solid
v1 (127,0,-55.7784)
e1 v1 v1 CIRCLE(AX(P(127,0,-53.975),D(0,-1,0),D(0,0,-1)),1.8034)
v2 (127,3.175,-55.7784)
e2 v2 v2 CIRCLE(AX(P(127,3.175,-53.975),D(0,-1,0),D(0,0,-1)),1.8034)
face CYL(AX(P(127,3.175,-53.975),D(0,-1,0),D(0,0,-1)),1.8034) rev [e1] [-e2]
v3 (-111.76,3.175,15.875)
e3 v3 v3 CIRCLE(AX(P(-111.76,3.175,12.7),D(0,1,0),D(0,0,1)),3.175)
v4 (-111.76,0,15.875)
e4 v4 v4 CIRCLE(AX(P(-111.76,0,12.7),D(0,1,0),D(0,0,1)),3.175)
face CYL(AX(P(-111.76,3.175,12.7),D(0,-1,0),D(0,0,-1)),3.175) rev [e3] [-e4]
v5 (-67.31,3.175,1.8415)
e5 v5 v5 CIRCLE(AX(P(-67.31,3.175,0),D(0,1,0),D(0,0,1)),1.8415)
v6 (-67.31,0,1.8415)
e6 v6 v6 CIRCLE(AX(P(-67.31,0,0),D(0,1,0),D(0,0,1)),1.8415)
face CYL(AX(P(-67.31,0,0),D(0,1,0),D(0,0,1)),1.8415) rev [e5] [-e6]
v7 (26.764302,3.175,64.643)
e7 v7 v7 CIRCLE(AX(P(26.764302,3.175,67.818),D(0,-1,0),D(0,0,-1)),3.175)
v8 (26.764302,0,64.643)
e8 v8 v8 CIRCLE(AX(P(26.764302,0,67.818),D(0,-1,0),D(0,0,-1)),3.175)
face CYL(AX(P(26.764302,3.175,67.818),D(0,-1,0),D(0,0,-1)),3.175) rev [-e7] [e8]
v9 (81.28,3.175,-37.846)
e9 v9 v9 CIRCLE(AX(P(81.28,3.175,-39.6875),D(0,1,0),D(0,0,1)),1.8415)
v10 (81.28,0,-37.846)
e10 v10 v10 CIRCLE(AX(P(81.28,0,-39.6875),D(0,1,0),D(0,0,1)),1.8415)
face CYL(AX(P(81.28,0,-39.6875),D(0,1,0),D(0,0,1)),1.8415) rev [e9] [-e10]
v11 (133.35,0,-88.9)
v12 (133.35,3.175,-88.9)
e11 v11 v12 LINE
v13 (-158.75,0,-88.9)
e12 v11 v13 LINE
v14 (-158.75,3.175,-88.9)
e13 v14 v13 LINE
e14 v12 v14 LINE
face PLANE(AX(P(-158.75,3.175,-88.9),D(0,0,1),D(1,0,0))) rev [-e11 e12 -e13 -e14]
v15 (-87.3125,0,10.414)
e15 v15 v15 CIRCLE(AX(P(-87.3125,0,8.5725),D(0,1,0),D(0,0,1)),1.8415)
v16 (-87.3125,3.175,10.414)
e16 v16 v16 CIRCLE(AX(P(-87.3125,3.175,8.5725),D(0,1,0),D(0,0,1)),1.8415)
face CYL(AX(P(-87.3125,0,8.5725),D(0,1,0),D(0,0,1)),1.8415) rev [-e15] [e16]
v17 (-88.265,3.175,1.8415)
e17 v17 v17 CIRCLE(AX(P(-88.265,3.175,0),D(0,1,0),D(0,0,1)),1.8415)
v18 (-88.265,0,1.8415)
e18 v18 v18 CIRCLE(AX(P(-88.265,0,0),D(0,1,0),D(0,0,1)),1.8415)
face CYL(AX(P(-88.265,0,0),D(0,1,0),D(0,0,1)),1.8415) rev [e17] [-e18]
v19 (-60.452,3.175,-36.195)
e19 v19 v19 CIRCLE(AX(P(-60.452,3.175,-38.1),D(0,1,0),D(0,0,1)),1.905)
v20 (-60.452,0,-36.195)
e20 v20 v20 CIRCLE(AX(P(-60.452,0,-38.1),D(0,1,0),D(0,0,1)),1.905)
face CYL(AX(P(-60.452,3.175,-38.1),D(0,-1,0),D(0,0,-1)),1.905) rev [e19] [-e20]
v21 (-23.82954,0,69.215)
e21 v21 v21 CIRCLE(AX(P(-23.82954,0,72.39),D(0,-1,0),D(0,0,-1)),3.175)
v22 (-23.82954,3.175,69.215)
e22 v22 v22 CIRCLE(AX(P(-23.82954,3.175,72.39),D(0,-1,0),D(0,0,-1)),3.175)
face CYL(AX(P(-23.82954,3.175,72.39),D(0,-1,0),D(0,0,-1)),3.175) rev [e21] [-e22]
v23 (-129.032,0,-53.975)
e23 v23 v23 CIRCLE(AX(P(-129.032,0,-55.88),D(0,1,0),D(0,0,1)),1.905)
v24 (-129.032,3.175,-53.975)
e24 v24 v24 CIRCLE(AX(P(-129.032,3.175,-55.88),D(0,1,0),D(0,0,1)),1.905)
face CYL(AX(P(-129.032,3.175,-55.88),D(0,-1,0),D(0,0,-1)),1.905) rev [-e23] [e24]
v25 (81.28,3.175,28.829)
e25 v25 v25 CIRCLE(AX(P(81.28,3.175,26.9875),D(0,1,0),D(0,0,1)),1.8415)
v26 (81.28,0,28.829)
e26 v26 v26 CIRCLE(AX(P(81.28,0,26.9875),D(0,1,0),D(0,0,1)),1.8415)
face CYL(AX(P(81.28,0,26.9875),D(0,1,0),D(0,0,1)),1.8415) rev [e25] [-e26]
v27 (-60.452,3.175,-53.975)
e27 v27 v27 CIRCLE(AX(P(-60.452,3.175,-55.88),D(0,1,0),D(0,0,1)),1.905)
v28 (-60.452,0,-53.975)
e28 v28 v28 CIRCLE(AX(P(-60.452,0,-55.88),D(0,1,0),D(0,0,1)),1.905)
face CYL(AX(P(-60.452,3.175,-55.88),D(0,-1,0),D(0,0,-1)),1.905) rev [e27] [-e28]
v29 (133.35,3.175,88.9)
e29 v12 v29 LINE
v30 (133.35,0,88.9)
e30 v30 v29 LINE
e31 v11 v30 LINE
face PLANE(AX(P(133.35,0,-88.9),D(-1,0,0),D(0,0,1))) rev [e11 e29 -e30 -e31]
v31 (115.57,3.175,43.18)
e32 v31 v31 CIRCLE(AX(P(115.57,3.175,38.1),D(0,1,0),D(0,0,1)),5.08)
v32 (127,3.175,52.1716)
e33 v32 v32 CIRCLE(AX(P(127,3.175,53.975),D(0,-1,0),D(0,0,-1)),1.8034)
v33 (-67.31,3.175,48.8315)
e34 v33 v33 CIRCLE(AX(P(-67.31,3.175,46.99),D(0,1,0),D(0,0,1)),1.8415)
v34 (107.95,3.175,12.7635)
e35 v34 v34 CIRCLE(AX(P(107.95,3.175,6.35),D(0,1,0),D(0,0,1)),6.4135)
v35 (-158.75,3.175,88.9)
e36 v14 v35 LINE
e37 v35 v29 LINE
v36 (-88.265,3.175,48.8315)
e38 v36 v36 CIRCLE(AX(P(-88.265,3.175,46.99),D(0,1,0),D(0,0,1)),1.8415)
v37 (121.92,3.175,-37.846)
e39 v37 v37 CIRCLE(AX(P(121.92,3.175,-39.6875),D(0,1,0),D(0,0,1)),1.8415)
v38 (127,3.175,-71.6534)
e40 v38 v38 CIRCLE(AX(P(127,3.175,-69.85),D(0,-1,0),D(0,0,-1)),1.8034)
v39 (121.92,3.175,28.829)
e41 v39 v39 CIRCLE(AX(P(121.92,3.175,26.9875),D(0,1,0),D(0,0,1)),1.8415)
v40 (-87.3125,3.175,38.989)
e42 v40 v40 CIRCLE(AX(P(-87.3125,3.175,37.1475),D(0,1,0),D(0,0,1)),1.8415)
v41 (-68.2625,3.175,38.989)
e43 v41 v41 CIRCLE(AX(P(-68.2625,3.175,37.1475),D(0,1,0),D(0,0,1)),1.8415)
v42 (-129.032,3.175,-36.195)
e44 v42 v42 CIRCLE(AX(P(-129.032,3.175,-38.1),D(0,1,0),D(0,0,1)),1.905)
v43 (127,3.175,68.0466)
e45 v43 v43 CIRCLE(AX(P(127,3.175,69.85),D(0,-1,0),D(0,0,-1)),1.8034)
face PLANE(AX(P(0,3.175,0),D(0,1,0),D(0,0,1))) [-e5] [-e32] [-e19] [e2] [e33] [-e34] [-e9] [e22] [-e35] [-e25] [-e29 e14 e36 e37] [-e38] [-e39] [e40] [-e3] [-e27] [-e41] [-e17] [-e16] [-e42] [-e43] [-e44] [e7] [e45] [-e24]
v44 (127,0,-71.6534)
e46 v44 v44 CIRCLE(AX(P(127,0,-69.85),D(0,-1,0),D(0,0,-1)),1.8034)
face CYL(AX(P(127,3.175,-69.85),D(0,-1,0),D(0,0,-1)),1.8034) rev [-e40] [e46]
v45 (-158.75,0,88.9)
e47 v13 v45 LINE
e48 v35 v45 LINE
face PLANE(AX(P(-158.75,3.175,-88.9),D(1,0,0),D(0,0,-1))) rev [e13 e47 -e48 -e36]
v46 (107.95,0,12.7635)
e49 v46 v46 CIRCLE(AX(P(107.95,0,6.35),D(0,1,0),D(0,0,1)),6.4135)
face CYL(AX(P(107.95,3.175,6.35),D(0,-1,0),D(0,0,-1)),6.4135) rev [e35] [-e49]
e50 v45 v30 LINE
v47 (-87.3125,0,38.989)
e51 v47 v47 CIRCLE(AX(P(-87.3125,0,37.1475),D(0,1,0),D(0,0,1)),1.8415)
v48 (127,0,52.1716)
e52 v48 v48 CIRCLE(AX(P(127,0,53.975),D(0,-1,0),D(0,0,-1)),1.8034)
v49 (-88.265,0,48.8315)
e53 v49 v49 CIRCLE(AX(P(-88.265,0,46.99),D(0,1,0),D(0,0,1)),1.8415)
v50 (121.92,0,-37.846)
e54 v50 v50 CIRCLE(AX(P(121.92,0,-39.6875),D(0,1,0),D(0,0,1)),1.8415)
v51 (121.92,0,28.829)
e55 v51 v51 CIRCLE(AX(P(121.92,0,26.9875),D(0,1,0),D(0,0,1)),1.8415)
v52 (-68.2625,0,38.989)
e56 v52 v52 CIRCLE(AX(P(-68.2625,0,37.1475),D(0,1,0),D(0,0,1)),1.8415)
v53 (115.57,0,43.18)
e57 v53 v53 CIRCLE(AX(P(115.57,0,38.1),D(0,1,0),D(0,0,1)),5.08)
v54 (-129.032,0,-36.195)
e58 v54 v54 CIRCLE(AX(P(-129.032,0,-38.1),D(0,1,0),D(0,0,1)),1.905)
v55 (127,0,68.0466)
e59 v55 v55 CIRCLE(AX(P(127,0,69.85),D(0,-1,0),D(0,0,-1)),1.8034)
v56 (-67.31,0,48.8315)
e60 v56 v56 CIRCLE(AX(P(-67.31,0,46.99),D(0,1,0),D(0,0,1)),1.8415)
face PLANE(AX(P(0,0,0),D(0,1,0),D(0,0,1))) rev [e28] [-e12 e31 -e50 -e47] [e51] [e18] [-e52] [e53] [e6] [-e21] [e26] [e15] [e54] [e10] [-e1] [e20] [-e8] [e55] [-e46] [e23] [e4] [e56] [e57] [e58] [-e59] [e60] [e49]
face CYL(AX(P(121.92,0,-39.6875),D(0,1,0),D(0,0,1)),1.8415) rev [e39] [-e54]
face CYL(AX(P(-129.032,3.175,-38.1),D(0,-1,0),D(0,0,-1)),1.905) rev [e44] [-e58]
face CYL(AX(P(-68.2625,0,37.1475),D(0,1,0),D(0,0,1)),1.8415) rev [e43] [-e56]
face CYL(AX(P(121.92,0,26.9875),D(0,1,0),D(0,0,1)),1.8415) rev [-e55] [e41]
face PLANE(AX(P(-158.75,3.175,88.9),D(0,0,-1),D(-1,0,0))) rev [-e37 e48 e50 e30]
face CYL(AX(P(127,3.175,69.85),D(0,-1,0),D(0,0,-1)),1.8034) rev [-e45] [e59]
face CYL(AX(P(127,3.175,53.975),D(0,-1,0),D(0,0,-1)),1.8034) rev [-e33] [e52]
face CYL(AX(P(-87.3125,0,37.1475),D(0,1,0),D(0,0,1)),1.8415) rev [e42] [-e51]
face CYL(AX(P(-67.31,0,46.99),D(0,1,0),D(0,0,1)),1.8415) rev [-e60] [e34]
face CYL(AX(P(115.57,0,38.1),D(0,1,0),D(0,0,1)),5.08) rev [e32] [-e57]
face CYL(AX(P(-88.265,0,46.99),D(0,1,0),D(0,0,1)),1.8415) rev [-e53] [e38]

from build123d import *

# Parameters (mm, degrees)
SKETCH1_W           = 317.5
SKETCH1_H           = 177.8
SKETCH1_R           = 3.175
SKETCH1_R_2         = 6.4135
SKETCH1_R_3         = 1.905
BOSS_EXTRUDE1_DEPTH = 3.175
SKETCH3_R           = 3.175
CUT_EXTRUDE2_DEPTH  = 182.974869488
SKETCH4_W           = 25.4
SKETCH4_H           = 177.8
CUT_EXTRUDE3_DEPTH  = 182.974869488
SKETCH5_R           = 5.08
CUT_EXTRUDE4_DEPTH  = 182.974869488
SKETCH6_R           = 1.8034
CUT_EXTRUDE5_DEPTH  = 182.974869488
SKETCH7_R           = 1.8415
CUT_EXTRUDE6_DEPTH  = 182.974869488


with BuildPart() as part:
    # Sketch1 → Boss-Extrude1 (new body)
    with BuildSketch(Plane(origin=(0, 0, 0), x_dir=(1, 0, 0), z_dir=(0, 1, 0))):
        Rectangle(SKETCH1_W, SKETCH1_H)
        with Locations(Location((-111.76, -12.7, 0), (0, 0, 270))):
            Circle(SKETCH1_R, mode=Mode.SUBTRACT)
        with Locations(Location((107.95, -6.35, 0), (0, 0, 270))):
            Circle(SKETCH1_R_2, mode=Mode.SUBTRACT)
        with Locations(Location((-129.032, 55.88, 0), (0, 0, 270))):
            Circle(SKETCH1_R_3, mode=Mode.SUBTRACT)
        with Locations(Location((-60.452, 55.88, 0), (0, 0, 270))):
            Circle(SKETCH1_R_3, mode=Mode.SUBTRACT)
        with Locations(Location((-129.032, 38.1, 0), (0, 0, 270))):
            Circle(SKETCH1_R_3, mode=Mode.SUBTRACT)
        with Locations(Location((-60.452, 38.1, 0), (0, 0, 270))):
            Circle(SKETCH1_R_3, mode=Mode.SUBTRACT)
    extrude(amount=BOSS_EXTRUDE1_DEPTH)

    # Sketch3 → Cut-Extrude2 (cut, through all)
    with BuildSketch(Plane(origin=(0, 0, 0), x_dir=(-1, 0, 0), z_dir=(0, -1, 0))):
        with Locations(Location((23.829539609, -72.39, 0), (0, 0, 90))):
            Circle(SKETCH3_R)
        with Locations(Location((-26.764302072, -67.818, 0), (0, 0, 90))):
            Circle(SKETCH3_R)
    extrude(amount=-CUT_EXTRUDE2_DEPTH, mode=Mode.SUBTRACT)

    # Sketch4 → Cut-Extrude3 (cut, through all)
    with BuildSketch(Plane(origin=(0, 3.175, 0), x_dir=(1, 0, 0), z_dir=(0, 1, 0))):
        with Locations((146.05, 0)):
            Rectangle(SKETCH4_W, SKETCH4_H)
    extrude(amount=-CUT_EXTRUDE3_DEPTH, mode=Mode.SUBTRACT)

    # Sketch5 → Cut-Extrude4 (cut, through all)
    with BuildSketch(Plane(origin=(0, 3.175, 0), x_dir=(1, 0, 0), z_dir=(0, 1, 0))):
        with Locations(Location((115.57, -38.1, 0), (0, 0, 270))):
            Circle(SKETCH5_R)
    extrude(amount=-CUT_EXTRUDE4_DEPTH, mode=Mode.SUBTRACT)

    # Sketch6 → Cut-Extrude5 (cut, through all)
    with BuildSketch(Plane.XZ):
        with Locations(Location((127, 69.85, 0), (0, 0, 270))):
            Circle(SKETCH6_R)
        with Locations(Location((127, 53.975, 0), (0, 0, 270))):
            Circle(SKETCH6_R)
        with Locations(Location((127, -53.975, 0), (0, 0, 270))):
            Circle(SKETCH6_R)
        with Locations(Location((127, -69.85, 0), (0, 0, 270))):
            Circle(SKETCH6_R)
    extrude(amount=-CUT_EXTRUDE5_DEPTH, mode=Mode.SUBTRACT)

    # Sketch7 → Cut-Extrude6 (cut, through all)
    with BuildSketch(Plane(origin=(0, 3.175, 0), x_dir=(1, 0, 0), z_dir=(0, 1, 0))):
        with Locations(Location((121.92, 39.6875, 0), (0, 0, 270))):
            Circle(SKETCH7_R)
        with Locations(Location((81.28, 39.6875, 0), (0, 0, 270))):
            Circle(SKETCH7_R)
        with Locations(Location((81.28, -26.9875, 0), (0, 0, 270))):
            Circle(SKETCH7_R)
        with Locations(Location((121.92, -26.9875, 0), (0, 0, 270))):
            Circle(SKETCH7_R)
        with Locations(Location((-88.265, -46.99, 0), (0, 0, 270))):
            Circle(SKETCH7_R)
        with Locations(Location((-67.31, -46.99, 0), (0, 0, 270))):
            Circle(SKETCH7_R)
        with Locations(Location((-87.3125, -37.1475, 0), (0, 0, 270))):
            Circle(SKETCH7_R)
        with Locations(Location((-68.2625, -37.1475, 0), (0, 0, 270))):
            Circle(SKETCH7_R)
        with Locations(Location((-87.3125, -8.5725, 0), (0, 0, 270))):
            Circle(SKETCH7_R)
        with Locations(Location((-88.265, 0, 0), (0, 0, 270))):
            Circle(SKETCH7_R)
        with Locations(Location((-67.31, 0, 0), (0, 0, 270))):
            Circle(SKETCH7_R)
    extrude(amount=-CUT_EXTRUDE6_DEPTH, mode=Mode.SUBTRACT)


solid = part.part
